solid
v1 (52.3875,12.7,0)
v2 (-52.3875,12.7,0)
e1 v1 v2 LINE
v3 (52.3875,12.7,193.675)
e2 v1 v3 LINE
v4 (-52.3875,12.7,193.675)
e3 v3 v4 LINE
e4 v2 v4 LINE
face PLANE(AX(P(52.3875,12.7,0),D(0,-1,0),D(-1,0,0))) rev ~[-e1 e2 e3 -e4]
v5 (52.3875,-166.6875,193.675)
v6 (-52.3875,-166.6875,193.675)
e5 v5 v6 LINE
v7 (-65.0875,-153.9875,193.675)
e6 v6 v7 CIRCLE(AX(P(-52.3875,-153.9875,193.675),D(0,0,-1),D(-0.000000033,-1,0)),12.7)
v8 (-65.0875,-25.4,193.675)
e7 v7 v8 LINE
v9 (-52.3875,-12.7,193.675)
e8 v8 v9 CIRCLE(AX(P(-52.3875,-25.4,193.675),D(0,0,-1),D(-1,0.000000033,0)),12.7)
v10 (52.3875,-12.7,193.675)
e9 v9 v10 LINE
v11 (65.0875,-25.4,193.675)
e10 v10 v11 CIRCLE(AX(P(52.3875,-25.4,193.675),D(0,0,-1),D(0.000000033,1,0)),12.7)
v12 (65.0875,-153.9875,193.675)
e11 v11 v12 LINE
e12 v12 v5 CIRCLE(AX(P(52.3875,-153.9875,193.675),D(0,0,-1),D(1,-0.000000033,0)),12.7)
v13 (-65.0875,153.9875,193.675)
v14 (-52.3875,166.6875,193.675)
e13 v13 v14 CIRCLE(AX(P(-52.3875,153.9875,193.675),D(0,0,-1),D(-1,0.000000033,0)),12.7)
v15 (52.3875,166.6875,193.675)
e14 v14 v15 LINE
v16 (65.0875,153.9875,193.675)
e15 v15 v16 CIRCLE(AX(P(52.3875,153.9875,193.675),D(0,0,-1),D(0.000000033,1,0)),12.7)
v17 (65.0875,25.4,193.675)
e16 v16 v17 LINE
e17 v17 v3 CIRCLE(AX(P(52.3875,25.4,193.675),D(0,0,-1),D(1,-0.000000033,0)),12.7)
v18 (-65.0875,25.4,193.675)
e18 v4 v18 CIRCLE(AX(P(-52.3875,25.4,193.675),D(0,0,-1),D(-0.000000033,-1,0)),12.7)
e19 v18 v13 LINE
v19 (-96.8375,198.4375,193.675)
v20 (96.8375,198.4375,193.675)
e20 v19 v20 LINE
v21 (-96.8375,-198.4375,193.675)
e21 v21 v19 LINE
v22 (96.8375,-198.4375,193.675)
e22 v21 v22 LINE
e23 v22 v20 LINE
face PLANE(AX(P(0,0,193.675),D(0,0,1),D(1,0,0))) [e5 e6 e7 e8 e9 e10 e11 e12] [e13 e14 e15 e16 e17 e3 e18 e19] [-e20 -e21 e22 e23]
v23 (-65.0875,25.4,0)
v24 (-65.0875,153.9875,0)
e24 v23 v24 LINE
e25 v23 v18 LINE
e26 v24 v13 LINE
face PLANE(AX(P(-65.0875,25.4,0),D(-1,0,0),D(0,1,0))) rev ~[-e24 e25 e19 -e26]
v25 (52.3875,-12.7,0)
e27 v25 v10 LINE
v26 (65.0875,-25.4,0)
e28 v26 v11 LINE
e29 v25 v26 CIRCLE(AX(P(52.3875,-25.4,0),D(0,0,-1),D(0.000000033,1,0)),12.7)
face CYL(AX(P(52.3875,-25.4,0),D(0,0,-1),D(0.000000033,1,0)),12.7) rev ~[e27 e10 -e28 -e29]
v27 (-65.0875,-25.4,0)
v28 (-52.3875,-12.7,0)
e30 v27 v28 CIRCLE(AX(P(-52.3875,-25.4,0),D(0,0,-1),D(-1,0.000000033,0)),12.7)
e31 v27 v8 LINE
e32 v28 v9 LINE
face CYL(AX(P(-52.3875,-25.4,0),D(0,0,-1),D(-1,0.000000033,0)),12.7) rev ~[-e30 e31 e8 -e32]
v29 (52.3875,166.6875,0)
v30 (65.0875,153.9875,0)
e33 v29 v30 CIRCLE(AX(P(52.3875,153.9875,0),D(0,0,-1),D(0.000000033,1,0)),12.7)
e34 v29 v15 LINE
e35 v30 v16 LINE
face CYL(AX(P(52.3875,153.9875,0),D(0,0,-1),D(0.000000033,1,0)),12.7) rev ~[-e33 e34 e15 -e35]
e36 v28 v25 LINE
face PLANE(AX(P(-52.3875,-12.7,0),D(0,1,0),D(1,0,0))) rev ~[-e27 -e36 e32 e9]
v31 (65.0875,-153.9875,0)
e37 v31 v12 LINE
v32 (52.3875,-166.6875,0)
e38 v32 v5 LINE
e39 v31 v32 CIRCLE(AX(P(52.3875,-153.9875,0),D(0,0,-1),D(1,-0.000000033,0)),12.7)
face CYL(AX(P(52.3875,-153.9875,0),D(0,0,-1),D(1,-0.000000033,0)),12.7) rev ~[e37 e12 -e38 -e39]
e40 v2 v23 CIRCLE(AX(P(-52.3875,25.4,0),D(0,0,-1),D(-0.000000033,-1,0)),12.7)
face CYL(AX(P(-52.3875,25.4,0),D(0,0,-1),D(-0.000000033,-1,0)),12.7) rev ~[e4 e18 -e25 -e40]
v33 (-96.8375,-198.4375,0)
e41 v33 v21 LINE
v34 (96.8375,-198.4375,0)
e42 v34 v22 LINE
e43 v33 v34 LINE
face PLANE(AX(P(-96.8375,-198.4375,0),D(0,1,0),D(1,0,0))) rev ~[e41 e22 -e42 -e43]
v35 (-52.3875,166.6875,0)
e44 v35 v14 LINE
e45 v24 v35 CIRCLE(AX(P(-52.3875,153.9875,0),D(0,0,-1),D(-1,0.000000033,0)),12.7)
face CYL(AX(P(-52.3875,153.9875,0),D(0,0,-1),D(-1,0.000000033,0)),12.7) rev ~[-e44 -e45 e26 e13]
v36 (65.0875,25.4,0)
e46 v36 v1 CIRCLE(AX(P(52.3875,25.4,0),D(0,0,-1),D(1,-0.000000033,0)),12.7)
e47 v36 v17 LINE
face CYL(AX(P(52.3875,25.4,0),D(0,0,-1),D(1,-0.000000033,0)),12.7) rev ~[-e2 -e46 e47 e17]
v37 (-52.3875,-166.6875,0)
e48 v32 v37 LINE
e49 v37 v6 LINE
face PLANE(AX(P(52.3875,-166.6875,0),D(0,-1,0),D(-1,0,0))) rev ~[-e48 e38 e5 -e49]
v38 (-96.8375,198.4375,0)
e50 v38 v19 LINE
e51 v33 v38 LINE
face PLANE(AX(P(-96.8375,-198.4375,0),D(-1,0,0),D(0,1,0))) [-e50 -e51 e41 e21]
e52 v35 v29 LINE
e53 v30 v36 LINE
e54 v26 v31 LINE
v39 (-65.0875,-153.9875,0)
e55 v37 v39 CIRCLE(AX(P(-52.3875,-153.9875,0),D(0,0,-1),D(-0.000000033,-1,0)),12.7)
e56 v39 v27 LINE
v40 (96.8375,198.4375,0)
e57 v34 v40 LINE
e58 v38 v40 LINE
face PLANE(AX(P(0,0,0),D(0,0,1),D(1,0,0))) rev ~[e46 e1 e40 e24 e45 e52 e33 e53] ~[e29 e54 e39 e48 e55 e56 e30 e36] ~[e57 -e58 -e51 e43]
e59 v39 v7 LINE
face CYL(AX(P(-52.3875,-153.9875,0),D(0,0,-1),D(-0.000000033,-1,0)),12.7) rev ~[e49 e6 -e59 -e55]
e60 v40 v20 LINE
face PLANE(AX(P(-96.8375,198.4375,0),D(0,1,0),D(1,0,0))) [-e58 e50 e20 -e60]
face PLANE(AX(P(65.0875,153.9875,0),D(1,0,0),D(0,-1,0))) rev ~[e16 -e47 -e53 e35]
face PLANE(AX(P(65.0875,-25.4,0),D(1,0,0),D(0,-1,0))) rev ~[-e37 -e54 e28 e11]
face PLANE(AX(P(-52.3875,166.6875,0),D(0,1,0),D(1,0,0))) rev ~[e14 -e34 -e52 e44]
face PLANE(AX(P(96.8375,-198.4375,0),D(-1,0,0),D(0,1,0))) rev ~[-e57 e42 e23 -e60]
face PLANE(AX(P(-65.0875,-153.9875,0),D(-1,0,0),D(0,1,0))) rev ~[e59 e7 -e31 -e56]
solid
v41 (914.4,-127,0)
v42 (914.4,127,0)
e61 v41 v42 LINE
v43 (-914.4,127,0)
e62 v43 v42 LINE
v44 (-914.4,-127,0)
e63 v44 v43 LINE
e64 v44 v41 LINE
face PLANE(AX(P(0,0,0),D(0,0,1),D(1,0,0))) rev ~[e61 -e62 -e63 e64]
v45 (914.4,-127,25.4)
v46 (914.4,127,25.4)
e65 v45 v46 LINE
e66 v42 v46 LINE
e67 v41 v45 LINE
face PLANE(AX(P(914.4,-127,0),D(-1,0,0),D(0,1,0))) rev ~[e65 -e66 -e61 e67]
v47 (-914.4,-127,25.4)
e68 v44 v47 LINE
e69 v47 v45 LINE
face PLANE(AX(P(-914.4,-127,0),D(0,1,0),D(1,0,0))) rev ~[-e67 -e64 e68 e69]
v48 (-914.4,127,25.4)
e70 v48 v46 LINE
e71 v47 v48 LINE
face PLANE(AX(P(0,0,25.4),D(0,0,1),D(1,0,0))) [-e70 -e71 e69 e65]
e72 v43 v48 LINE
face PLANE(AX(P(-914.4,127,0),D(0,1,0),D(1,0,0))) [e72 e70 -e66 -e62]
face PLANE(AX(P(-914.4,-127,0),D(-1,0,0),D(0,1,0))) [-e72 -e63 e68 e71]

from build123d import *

# Parameters (mm, degrees)
F0_W     = 1828.8
F0_H     = 254
F1_DEPTH = 25.4
F2_W     = 193.675
F2_H     = 396.875
F3_DEPTH = 193.675


with BuildPart() as f1:
    # F0 (on Top) → F1 (new body)
    with BuildSketch(Plane.XY):
        Rectangle(F0_W, F0_H)
    extrude(amount=F1_DEPTH)


with BuildPart() as f3:
    # F2 (on Top) → F3 (new body)
    with BuildSketch(Plane.XY):
        Rectangle(F2_W, F2_H)
        with BuildLine():
            Line((-52.3875, -12.7), (52.3875, -12.7))
            ThreePointArc((52.3875, -12.7), (61.367756, -16.419744), (65.0875, -25.4))
            Line((65.0875, -25.4), (65.0875, -153.9875))
            ThreePointArc((65.0875, -153.9875), (61.367756, -162.967756), (52.3875, -166.6875))
            Line((52.3875, -166.6875), (-52.3875, -166.6875))
            ThreePointArc((-52.3875, -166.6875), (-61.367756, -162.967756), (-65.0875, -153.9875))
            Line((-65.0875, -153.9875), (-65.0875, -25.4))
            ThreePointArc((-65.0875, -25.4), (-61.367756, -16.419744), (-52.3875, -12.7))
        make_face(mode=Mode.SUBTRACT)
        with BuildLine():
            ThreePointArc((65.0875, 25.4), (61.367756, 16.419744), (52.3875, 12.7))
            Line((52.3875, 12.7), (-52.3875, 12.7))
            ThreePointArc((-52.3875, 12.7), (-61.367756, 16.419744), (-65.0875, 25.4))
            Line((-65.0875, 25.4), (-65.0875, 153.9875))
            ThreePointArc((-65.0875, 153.9875), (-61.367756, 162.967756), (-52.3875, 166.6875))
            Line((-52.3875, 166.6875), (52.3875, 166.6875))
            ThreePointArc((52.3875, 166.6875), (61.367756, 162.967756), (65.0875, 153.9875))
            Line((65.0875, 153.9875), (65.0875, 25.4))
        make_face(mode=Mode.SUBTRACT)
    extrude(amount=F3_DEPTH)


solid = Compound([f1.part, f3.part])
